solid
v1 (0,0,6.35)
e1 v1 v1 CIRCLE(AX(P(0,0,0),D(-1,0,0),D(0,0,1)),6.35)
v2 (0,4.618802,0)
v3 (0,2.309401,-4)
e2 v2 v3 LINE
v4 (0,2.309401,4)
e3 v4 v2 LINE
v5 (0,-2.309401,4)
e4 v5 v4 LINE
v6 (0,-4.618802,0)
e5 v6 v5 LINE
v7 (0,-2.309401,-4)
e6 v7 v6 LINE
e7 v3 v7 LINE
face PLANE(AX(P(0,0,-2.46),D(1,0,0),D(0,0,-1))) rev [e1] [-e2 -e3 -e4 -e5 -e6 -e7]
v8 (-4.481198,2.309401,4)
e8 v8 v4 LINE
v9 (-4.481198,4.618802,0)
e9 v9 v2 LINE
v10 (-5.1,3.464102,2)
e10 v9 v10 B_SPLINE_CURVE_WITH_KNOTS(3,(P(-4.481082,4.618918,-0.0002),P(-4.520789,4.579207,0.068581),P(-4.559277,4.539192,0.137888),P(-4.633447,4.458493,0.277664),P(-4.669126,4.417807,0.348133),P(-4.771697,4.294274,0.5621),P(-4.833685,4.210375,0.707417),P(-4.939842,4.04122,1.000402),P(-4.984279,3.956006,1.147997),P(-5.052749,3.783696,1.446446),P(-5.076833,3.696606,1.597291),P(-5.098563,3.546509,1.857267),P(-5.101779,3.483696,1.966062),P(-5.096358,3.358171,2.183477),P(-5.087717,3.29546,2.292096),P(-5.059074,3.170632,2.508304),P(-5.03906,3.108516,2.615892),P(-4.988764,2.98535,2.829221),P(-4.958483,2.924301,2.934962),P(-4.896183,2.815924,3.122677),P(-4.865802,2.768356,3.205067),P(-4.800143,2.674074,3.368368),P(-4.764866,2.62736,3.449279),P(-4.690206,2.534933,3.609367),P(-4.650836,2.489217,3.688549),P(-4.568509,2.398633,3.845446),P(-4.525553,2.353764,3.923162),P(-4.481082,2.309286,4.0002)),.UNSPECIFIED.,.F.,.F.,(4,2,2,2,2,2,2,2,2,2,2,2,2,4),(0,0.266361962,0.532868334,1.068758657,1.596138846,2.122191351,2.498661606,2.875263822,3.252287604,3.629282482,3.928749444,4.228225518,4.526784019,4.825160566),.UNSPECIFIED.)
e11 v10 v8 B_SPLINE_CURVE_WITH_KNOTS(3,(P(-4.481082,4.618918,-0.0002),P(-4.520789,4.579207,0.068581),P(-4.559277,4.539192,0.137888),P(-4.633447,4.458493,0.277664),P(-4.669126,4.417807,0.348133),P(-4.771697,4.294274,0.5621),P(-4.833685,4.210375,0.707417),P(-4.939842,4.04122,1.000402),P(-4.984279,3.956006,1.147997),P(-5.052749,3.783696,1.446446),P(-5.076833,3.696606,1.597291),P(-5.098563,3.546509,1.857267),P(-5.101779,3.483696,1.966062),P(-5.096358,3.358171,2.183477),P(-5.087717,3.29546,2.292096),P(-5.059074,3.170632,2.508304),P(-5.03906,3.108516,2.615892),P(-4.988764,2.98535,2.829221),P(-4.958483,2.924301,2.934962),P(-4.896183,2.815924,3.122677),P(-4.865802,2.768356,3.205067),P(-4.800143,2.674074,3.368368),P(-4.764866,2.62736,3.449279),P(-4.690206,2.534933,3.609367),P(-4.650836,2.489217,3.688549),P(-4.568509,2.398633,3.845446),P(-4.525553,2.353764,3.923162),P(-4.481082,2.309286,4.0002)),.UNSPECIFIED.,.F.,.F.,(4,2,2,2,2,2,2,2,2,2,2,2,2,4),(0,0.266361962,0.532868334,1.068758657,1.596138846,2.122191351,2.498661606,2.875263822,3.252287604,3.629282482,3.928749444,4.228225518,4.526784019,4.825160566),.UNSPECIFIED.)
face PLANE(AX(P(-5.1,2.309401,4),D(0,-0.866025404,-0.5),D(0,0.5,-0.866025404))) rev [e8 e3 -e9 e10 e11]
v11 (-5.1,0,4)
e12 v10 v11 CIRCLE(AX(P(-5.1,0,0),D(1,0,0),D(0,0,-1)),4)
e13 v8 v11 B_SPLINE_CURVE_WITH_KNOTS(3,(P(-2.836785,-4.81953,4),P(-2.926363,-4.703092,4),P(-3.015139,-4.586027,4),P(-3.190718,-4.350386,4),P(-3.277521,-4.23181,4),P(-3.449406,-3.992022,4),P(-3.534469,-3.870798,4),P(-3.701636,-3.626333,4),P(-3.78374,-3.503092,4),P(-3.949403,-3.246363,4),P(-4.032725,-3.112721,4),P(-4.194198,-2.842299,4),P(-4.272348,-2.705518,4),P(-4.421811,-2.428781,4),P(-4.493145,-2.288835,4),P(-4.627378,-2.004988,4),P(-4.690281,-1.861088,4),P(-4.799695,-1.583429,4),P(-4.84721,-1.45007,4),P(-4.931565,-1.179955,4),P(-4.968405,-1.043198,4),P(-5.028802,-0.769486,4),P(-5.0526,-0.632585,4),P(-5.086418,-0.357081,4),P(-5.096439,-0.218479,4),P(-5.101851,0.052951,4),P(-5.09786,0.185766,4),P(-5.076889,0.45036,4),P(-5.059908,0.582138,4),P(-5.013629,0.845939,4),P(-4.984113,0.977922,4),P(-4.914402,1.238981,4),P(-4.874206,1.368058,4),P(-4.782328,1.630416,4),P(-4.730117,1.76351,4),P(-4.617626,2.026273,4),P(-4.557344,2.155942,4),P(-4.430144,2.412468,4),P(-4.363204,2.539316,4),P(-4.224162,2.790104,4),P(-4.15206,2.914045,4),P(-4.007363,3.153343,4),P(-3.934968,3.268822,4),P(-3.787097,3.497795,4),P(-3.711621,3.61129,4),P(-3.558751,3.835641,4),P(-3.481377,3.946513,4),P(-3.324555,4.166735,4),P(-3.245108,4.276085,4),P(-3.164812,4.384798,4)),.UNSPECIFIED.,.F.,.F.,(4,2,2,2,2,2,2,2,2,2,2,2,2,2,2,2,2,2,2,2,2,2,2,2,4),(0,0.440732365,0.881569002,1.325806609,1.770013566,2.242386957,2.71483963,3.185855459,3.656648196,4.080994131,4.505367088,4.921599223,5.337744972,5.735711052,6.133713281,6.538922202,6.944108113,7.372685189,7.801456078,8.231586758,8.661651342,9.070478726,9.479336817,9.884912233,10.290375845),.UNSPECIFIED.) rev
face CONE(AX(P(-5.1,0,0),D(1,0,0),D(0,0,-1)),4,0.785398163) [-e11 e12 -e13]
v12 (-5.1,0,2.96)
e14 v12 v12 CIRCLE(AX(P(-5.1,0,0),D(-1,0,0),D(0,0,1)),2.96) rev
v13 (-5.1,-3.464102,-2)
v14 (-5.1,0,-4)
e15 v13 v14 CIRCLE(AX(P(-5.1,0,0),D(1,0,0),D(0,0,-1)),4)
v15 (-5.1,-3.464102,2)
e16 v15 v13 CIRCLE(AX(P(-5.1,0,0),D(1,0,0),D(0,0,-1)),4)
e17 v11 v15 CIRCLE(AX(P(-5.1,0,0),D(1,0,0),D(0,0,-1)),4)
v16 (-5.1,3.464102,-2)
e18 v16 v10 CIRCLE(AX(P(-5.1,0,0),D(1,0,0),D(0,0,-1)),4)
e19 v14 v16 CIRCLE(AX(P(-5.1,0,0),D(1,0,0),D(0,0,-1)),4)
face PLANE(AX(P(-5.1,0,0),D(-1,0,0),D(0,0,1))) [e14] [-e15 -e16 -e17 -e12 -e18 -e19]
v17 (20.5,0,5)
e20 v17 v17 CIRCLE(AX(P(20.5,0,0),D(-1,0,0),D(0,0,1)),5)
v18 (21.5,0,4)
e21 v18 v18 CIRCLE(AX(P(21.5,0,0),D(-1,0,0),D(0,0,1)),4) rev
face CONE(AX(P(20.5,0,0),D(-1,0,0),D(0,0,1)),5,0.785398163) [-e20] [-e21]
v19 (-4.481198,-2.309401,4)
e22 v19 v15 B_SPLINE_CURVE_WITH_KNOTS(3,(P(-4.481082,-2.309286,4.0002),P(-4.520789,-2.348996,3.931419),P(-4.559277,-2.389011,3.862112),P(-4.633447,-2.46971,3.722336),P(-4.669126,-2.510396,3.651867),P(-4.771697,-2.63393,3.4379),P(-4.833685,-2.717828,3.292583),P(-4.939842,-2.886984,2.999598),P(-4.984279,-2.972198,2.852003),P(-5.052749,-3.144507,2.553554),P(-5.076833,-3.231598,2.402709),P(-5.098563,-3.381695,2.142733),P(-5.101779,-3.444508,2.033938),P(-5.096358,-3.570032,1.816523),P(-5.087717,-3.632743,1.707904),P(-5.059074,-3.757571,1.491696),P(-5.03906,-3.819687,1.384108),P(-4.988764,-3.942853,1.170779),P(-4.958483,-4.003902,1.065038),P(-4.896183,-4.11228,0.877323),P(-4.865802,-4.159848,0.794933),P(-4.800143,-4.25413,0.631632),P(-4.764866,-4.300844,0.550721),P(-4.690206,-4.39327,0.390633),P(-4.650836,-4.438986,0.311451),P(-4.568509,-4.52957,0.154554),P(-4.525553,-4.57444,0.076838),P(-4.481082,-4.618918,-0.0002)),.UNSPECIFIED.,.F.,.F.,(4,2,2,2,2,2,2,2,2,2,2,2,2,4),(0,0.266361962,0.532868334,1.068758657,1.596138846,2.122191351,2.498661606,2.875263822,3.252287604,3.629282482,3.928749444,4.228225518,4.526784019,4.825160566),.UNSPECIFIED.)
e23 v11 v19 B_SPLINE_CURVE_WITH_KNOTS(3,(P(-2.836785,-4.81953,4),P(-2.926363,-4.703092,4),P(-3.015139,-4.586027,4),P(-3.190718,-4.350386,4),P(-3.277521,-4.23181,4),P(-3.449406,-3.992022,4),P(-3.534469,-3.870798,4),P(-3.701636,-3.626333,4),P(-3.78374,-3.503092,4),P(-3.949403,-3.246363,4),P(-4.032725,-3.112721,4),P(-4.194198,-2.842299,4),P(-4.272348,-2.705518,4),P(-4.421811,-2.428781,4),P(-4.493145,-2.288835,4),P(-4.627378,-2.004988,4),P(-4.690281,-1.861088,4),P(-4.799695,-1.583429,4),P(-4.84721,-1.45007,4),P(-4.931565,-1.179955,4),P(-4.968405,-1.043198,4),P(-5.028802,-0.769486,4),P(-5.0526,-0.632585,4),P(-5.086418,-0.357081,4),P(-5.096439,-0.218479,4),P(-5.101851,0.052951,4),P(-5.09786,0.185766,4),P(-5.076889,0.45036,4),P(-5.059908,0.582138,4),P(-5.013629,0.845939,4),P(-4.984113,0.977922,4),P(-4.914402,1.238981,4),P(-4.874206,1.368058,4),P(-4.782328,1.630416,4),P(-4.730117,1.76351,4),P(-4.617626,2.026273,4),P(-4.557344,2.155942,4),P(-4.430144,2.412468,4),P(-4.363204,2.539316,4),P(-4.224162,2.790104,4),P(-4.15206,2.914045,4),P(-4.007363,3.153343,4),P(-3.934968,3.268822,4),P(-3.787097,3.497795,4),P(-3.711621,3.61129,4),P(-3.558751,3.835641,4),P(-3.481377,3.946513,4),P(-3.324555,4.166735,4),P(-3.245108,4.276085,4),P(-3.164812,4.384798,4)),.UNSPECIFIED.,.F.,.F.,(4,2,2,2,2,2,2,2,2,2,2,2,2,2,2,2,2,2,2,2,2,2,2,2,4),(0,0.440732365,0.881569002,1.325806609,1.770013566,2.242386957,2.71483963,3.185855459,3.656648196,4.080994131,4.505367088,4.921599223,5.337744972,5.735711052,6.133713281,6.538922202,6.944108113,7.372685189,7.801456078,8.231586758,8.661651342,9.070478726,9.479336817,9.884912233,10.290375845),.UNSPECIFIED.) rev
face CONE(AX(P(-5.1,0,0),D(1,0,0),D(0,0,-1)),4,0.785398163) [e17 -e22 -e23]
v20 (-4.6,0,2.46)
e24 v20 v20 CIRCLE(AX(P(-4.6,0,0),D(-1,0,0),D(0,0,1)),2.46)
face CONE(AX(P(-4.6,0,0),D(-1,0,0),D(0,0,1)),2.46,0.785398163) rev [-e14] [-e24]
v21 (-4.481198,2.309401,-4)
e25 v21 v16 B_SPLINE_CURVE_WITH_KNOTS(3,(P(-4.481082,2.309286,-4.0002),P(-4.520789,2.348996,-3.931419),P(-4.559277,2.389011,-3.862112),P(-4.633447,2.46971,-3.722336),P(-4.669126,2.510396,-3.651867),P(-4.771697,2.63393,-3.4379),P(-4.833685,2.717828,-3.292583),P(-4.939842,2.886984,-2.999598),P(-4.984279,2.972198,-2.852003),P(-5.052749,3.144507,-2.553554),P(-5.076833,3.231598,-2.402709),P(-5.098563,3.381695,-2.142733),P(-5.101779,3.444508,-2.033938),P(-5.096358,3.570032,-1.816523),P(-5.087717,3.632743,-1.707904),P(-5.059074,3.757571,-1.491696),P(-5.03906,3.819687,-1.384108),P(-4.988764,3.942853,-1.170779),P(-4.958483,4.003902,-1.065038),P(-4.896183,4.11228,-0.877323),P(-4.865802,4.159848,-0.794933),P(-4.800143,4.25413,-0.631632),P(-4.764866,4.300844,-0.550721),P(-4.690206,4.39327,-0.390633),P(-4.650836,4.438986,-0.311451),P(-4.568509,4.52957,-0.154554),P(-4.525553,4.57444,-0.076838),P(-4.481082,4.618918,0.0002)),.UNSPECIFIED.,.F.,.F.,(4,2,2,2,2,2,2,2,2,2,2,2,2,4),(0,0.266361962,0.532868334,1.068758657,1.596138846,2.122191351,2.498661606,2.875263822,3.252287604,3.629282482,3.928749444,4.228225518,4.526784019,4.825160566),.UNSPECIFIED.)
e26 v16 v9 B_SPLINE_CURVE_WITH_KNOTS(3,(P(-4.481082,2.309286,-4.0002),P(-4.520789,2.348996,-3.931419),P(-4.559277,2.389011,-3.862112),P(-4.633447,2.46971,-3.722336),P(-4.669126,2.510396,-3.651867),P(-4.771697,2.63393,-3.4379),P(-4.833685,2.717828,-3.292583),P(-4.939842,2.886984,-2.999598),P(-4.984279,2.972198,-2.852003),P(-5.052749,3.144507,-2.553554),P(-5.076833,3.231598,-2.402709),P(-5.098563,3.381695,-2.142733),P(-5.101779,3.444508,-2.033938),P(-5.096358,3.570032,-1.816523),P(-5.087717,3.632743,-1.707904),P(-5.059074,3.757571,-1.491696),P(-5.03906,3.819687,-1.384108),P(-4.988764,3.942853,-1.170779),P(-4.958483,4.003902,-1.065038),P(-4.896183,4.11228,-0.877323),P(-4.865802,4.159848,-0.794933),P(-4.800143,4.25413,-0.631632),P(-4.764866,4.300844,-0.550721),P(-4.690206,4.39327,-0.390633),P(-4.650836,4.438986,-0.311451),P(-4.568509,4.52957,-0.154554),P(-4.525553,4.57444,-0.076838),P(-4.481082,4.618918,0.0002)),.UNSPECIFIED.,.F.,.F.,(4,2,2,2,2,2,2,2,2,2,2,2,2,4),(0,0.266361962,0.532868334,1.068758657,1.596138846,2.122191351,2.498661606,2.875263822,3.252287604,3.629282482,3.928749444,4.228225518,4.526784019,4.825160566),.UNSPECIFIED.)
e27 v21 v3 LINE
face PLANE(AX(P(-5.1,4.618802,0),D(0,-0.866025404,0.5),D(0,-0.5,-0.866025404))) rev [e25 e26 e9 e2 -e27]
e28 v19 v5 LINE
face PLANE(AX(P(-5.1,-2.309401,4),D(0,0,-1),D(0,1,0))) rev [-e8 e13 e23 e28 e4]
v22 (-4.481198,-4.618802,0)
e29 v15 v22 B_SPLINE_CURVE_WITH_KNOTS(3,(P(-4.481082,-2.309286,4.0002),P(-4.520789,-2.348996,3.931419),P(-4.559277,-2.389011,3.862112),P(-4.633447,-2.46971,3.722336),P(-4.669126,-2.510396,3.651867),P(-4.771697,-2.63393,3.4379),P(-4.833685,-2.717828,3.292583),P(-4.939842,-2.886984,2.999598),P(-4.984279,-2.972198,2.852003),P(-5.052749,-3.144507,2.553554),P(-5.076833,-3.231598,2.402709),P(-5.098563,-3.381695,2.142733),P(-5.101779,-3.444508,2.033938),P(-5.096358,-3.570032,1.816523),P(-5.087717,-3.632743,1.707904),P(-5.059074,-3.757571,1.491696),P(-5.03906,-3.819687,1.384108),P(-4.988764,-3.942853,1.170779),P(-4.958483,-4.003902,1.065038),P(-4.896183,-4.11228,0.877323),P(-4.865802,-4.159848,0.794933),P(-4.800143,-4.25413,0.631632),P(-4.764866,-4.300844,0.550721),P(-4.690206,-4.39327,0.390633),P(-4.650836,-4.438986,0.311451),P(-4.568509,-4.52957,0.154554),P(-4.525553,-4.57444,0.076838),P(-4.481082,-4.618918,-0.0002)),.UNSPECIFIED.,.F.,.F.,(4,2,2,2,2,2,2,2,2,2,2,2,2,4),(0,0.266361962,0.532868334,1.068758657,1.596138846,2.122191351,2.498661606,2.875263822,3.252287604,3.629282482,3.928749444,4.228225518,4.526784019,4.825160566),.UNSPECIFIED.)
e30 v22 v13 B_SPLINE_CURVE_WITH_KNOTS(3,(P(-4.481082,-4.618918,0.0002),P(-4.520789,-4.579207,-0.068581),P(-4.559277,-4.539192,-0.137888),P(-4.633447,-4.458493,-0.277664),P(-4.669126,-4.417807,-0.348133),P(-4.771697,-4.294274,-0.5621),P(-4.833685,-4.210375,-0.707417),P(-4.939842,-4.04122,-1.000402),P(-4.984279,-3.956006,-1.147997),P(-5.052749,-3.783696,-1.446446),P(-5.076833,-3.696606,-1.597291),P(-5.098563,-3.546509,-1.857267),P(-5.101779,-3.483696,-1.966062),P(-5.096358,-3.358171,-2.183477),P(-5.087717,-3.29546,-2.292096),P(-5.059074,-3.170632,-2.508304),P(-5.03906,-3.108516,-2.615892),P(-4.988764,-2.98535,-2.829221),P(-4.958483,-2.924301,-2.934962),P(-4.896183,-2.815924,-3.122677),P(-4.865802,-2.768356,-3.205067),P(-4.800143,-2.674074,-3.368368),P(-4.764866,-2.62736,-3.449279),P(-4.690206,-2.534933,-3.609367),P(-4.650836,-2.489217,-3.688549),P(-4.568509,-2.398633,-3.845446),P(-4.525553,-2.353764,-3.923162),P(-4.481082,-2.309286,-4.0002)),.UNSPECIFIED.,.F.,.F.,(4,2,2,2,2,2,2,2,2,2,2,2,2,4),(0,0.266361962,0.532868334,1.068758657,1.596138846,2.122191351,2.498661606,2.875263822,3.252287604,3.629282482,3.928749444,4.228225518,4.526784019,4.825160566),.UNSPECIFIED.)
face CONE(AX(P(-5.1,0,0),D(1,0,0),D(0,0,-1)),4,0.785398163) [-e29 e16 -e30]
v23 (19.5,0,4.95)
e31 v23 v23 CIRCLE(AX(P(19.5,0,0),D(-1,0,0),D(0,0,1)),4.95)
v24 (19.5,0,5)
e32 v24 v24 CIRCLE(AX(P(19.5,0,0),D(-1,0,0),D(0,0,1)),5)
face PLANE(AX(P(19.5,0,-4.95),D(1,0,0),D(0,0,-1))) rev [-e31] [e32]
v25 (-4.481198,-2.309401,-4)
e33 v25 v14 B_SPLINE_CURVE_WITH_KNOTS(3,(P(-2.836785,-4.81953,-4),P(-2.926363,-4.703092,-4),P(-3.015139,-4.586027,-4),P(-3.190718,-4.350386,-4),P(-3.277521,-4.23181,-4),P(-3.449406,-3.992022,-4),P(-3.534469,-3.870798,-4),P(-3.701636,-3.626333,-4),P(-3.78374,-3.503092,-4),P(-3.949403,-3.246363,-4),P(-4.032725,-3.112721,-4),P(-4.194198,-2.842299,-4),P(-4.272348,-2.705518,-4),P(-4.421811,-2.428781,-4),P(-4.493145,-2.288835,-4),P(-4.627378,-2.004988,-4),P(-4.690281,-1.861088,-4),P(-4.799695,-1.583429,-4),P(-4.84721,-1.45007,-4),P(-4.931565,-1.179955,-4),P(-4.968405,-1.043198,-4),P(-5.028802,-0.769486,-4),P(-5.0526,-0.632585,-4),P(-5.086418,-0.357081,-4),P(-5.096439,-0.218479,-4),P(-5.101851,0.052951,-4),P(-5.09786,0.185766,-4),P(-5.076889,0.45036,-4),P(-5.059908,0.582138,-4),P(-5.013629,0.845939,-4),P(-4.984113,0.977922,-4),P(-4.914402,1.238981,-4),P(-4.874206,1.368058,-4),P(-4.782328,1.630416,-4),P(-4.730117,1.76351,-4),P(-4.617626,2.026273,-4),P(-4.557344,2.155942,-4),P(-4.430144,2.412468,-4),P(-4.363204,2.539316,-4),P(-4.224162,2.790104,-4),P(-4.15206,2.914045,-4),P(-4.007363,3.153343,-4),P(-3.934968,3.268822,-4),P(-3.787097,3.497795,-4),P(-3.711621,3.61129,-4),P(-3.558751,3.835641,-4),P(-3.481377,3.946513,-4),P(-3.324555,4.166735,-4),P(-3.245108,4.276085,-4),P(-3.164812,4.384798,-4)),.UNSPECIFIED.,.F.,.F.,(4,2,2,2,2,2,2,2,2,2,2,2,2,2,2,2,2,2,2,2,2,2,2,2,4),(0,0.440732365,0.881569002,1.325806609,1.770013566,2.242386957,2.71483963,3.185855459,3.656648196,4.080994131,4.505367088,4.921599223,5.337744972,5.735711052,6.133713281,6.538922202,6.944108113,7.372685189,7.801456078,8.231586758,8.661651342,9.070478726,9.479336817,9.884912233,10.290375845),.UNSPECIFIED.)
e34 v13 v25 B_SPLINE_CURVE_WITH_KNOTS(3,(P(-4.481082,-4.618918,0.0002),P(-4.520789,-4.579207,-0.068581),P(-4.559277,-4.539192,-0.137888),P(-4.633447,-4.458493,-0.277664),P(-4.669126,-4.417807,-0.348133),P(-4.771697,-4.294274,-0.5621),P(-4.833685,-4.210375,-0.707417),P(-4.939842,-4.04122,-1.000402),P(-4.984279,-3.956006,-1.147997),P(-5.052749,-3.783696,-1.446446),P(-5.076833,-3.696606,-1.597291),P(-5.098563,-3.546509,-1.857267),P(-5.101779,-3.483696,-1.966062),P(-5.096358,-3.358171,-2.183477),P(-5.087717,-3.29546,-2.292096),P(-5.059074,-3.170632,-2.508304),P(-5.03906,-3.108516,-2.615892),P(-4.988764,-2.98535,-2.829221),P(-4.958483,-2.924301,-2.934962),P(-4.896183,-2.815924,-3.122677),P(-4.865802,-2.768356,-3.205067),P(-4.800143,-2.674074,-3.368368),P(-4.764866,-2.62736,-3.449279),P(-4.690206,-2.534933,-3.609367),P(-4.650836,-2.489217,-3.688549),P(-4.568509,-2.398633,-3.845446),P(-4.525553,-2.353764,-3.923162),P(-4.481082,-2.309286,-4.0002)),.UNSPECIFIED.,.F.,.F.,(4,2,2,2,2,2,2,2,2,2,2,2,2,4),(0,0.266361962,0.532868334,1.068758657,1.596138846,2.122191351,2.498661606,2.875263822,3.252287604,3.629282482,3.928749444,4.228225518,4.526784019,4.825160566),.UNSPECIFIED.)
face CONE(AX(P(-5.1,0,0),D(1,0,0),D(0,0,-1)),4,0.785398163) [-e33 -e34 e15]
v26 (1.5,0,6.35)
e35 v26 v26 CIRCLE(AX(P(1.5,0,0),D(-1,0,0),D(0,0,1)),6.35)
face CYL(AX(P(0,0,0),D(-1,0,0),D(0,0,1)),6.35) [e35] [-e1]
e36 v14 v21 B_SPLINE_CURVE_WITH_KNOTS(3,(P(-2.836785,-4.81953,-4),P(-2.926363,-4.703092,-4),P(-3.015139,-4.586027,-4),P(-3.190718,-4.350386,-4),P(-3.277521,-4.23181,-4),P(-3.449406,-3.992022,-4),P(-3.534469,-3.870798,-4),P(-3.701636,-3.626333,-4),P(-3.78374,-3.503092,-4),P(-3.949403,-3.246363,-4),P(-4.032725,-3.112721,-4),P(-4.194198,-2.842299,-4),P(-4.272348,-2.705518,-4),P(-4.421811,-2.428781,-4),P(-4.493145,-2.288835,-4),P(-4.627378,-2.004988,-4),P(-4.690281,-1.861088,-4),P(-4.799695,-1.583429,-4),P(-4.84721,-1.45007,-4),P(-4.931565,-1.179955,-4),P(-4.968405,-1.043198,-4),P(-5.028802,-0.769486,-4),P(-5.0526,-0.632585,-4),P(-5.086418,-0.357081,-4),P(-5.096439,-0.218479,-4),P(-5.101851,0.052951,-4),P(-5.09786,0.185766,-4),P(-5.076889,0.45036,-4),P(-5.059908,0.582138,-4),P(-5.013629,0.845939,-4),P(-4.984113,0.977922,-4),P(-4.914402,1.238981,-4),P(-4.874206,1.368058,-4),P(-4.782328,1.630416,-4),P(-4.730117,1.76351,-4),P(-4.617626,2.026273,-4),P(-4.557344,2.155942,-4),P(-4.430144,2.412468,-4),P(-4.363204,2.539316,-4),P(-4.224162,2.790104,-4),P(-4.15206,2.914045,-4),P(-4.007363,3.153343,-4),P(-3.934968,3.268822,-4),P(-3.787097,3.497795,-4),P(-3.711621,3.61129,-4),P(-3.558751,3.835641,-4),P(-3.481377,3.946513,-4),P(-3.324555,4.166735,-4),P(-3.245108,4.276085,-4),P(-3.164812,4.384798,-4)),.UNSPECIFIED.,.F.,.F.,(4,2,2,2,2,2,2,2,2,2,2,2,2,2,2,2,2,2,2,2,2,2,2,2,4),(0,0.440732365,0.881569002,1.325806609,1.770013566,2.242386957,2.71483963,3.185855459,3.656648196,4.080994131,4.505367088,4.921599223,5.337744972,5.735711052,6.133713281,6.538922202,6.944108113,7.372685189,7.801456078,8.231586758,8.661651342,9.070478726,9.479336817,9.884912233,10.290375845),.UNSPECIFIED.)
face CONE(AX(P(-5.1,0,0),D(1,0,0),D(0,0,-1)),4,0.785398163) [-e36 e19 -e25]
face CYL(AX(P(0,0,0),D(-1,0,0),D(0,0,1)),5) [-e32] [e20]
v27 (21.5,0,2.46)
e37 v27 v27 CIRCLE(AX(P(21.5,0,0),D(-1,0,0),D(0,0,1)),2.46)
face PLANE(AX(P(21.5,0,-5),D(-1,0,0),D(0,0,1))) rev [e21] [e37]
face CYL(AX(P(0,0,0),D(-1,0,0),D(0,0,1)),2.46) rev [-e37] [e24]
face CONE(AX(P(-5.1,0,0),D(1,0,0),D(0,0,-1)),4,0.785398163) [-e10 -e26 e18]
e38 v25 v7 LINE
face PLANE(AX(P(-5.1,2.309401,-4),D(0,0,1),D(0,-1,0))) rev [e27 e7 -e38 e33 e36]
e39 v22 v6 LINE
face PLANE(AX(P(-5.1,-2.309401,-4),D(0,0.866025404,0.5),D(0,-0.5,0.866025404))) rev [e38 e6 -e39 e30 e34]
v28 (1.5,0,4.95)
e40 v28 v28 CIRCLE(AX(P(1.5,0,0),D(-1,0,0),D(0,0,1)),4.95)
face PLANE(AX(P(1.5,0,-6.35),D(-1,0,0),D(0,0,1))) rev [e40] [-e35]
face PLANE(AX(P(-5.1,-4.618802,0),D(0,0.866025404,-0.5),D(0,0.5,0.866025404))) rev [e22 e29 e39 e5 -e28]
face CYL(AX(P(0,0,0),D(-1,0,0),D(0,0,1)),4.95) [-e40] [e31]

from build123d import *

# Parameters (mm, degrees)
SFAZOWANIE1_SIZE            = 1
SZKIC2_R                    = 2.46
DODANIE_WYCI_GNI_CIE1_DEPTH = 5.1
SFAZOWANIE2_SIZE            = 0.5


with BuildPart() as part:
    # Szkic1 → Obrót1 (revolve)
    with BuildSketch(Plane(origin=(0, 0, 0), x_dir=(1, 0, 0), z_dir=(0, 1, 0))):
        Polygon((0, 2.46), (0, 6.35), (1.5, 6.35), (1.5, 4.95), (19.5, 4.95), (19.5, 5), (21.5, 5), (21.5, 2.46), align=None)
    revolve(axis=Axis((0, 0, 0), (1, 0, 0)))

    # Sfazowanie1
    sfazowanie1_edges = [part.edges().sort_by_distance(p)[0] for p in [
        (21.5, 0, 5),
    ]]
    chamfer(sfazowanie1_edges, length=SFAZOWANIE1_SIZE)

    # Szkic2 → Dodanie-wyciągnięcie1 (add)
    with BuildSketch(Plane.ZY):
        Polygon((4, -2.309401077), (4, 2.309401077), (0, 4.618802154), (-4, 2.309401077), (-4, -2.309401077), (0, -4.618802154), align=None)
        Circle(SZKIC2_R, mode=Mode.SUBTRACT)
    extrude(amount=DODANIE_WYCI_GNI_CIE1_DEPTH)

    # Szkic3 → Wycięcie-obrót1 (revolve, cut)
    with BuildSketch(Plane.XY):
        Polygon((-5.1, 4.618802154), (-4.481197846, 4.618802154), (-5.1, 4), align=None)
    revolve(axis=Axis((-4.836570642, 0, 0), (-1, 0, 0)), mode=Mode.SUBTRACT)

    # Sfazowanie2
    sfazowanie2_edges = [part.edges().sort_by_distance(p)[0] for p in [
        (-5.1, 0, -2.46),
    ]]
    chamfer(sfazowanie2_edges, length=SFAZOWANIE2_SIZE)


solid = part.part
